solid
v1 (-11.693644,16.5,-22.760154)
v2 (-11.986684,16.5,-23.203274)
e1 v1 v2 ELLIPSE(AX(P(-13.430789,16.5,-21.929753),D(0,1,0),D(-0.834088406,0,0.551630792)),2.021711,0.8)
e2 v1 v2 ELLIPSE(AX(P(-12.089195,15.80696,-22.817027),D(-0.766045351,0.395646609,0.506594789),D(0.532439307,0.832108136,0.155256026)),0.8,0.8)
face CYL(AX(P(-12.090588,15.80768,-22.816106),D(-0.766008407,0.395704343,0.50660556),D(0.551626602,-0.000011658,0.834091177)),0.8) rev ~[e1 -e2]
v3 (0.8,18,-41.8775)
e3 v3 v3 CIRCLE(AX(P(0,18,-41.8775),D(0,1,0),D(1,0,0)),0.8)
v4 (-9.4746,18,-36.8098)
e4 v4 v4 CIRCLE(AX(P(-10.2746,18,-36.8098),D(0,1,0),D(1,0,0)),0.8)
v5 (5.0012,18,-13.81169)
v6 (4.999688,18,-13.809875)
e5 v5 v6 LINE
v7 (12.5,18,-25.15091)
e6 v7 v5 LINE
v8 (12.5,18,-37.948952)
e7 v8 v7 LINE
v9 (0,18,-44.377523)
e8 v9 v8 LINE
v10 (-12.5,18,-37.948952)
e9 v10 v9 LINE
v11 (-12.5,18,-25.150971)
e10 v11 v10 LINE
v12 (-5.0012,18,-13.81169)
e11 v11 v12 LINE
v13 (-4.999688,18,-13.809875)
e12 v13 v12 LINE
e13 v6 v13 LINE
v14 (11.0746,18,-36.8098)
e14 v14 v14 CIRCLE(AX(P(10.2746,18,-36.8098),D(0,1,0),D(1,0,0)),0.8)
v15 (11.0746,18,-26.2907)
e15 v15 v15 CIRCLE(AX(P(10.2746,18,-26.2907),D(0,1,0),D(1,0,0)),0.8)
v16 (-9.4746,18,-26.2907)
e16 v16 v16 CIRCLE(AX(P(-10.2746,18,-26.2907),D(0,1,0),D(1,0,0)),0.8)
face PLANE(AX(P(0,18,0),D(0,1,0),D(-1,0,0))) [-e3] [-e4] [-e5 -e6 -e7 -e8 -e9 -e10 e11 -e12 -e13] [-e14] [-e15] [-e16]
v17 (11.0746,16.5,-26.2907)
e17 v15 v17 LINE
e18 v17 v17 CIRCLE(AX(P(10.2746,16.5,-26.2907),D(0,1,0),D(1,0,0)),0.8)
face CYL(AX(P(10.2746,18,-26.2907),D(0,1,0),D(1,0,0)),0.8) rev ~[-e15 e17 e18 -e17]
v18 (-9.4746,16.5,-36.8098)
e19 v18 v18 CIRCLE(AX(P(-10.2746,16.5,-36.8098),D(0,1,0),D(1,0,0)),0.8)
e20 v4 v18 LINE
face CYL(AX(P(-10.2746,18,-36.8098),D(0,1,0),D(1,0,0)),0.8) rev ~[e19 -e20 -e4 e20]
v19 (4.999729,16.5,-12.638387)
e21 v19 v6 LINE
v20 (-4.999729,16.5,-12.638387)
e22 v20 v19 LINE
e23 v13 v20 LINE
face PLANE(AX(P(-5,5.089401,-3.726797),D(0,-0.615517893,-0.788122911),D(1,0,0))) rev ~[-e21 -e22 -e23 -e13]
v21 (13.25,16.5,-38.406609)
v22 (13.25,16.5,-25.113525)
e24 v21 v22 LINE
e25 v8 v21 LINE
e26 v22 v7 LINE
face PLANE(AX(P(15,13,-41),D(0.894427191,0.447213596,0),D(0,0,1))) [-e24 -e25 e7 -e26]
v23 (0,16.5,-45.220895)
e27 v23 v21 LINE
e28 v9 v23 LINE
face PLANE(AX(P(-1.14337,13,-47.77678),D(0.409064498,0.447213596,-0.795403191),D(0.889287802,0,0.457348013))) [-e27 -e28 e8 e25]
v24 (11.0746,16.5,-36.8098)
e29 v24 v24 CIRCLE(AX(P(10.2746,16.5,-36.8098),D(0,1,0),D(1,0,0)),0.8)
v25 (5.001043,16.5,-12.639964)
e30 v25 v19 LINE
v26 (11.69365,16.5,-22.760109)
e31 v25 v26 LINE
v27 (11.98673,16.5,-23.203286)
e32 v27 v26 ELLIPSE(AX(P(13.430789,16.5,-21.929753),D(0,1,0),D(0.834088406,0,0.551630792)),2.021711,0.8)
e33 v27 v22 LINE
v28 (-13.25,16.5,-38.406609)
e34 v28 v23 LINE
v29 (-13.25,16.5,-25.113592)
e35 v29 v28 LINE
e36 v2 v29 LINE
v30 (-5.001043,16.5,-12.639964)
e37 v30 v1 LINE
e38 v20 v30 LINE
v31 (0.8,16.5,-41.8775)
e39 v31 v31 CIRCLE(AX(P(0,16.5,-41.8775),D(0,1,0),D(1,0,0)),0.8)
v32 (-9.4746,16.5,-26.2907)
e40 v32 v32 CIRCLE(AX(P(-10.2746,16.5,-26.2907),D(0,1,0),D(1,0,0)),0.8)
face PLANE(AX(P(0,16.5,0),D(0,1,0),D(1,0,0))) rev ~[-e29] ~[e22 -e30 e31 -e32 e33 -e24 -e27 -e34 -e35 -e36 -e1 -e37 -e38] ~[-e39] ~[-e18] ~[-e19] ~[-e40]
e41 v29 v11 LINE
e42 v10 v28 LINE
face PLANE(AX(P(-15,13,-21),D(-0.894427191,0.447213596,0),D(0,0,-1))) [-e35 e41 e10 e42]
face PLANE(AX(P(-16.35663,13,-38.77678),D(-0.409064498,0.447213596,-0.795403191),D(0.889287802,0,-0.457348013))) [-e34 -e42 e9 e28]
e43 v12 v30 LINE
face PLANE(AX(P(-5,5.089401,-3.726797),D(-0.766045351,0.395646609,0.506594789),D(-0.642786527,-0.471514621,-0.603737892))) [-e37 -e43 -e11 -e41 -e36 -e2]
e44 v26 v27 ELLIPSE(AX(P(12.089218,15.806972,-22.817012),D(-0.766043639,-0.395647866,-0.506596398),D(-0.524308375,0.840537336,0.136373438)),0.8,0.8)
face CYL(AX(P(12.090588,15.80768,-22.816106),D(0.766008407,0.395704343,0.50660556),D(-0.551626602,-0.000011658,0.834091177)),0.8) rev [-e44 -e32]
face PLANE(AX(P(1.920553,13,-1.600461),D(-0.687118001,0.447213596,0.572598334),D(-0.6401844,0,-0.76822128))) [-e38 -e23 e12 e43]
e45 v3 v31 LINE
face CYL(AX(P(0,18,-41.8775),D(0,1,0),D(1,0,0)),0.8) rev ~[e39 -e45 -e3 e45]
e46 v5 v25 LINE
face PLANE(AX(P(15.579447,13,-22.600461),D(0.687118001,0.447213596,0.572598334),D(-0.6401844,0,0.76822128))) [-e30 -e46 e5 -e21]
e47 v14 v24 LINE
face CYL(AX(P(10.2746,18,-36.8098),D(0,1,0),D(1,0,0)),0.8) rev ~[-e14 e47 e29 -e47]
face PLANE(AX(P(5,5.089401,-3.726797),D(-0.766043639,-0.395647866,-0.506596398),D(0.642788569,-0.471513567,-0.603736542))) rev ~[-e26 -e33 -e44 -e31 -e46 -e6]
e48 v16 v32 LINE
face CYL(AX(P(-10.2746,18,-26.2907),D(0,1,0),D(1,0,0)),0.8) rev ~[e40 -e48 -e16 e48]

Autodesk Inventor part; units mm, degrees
sketch "スケッチ1" plane through (0, 0, 0) normal (0, 1, 0) x (-1, 0, 0)
  line L0 (-17.5, -21) -> (0, 0)
  line L1 (0, 0) -> (17.5, -21)
  line L2 (17.5, -21) -> (17.5, -41)
  line L3 (17.5, -41) -> (0, -50)
  line L4 (0, -50) -> (-17.5, -41)
  line L5 (-17.5, -41) -> (-17.5, -21)
  line L6 (0, -60) -> (0, 10) projected
  line L7 (24.5, 0) -> (-24.5, 0) projected
  dimension "d0" = 50
  dimension "d12" = 35
  dimension "d13" = 20
  dimension "d14" = 21
extrude "押し出し1" add sketch "スケッチ1" along normal blind 18
chamfer "面取り1" distance 5 distance2 10 6 edges at (8.75, 18, -10.5) (17.5, 18, -31) (8.75, 18, -45.5) (-8.75, 18, -45.5) (-17.5, 18, -31) (-8.75, 18, -10.5) measured on face at (0, 18, -30.6667)
extrude "押し出し2" add sketch "スケッチ1" against normal blind 5
ref_plane "作業平面1" through (0, 8, 0) normal (0, -0.7881, 0.6155) x (1, 0, 0)
sketch "スケッチ2" plane through (0, 8, 0) normal (0, -0.7881, 0.6155) x (1, 0, 0)
  line L0 (0, 0) -> (17.5, -16.5503) projected
  line L1 (-17.5, -16.5503) -> (0, 0) projected
  line L2 (-5, -4.7287) -> (-5, -4.7287)
  line L3 (-5, -4.7287) -> (5, -4.7287)
  line L4 (13.3346, -12.611) -> (5, -4.7287)
  line L5 (-5, -4.7287) -> (-23.6413, -26.9446)
  line L6 (5, -4.7287) -> (18.7173, -21.0763)
  line L7 (-23.6413, -26.9446) -> (-26.2109, -24.7885)
  line L8 (-26.2109, -24.7885) -> (-17.5, -16.5503)
  line L9 (17.5, -16.5503) -> (23.8178, -21.8516)
  line L10 (23.8178, -21.8516) -> (18.7173, -21.0763)
  point P0 (0, -4.9243)
  dimension "d9" = 10
  dimension "d25" = 130
  dimension "d26" = 130
extrude "押し出し3" cut sketch "スケッチ2" against normal through all
chamfer "面取り2" distance 2 distance2 8 6 edges at (-8.75, -5, -10.5) (-17.5, -5, -31) (-8.75, -5, -45.5) (8.75, -5, -45.5) (17.5, -5, -31) (8.75, -5, -10.5) measured on face at (0, -5, -30.6667)
sketch "スケッチ3" plane through (0, -5, 0) normal (0, -1, 0) x (1, 0, 0)
  line L0 (0, -3.1241) -> (15.5, -21.7241) projected
  line L1 (-15.5, -21.7241) -> (0, -3.1241) projected
  line L2 (-15.5, -39.7796) -> (-15.5, -21.7241) projected
  line L3 (0, -47.751) -> (-15.5, -39.7796) projected
  line L4 (15.5, -39.7796) -> (0, -47.751) projected
  line L5 (15.5, -21.7241) -> (15.5, -39.7796) projected
  point P0 (0, 0)
extrude "押し出し4" add sketch "スケッチ3" along normal blind 8
ref_plane "作業平面2" through (0, -5, -3.1241) normal (0, -0.977, 0.2132) x (-0.3818, -0.1971, -0.903)
sketch "スケッチ4" plane through (0, -5, -3.1241) normal (0, -0.977, 0.2132) x (-0.3818, -0.1971, -0.903)
  line L0 (80, -28.4848) -> (-10, -28.4848)
  line L1 (-10, -28.4848) -> (-10, 40)
  line L2 (-10, 40) -> (80, 40)
  line L3 (80, 40) -> (80, -28.4848)
  point P0 (-3.8064, -1.5725)
extrude "押し出し5" cut sketch "スケッチ4" along normal through all
ref_plane "作業平面3" through (-5, 8, -6) normal (0, 0, 1) x (1, 0, 0)
sketch "スケッチ5" plane through (-5, 8, -6) normal (0, 0, 1) x (1, 0, 0)
  line L0 (-30, 20) -> (40, 20)
  line L1 (40, 20) -> (40, -30)
  line L2 (40, -30) -> (-30, -30)
  line L3 (-30, -30) -> (-30, 20)
  point P0 (5, -8)
extrude "押し出し6" cut sketch "スケッチ5" along normal through all
sketch "スケッチ6" plane through (-5, 8, -6) normal (0, 0, 1) x (1, 0, 0)
  line L0 (0, 0) -> (10, 0) projected
  circle A0 centre (5, 0) radius 5
  line L1 (9.9497, -4.9497) -> (5, -7)
  line L2 (5, -7) -> (0.0503, -4.9497)
  line L3 (0.0503, -4.9497) -> (-2, 0)
  line L4 (-2, 0) -> (0.0503, 4.9497)
  line L5 (0.0503, 4.9497) -> (5, 7)
  line L6 (5, 7) -> (9.9497, 4.9497)
  line L7 (9.9497, 4.9497) -> (12, 0)
  line L8 (12, 0) -> (9.9497, -4.9497)
  point P0 (5, -8)
  dimension "d29" = 7
extrude "押し出し7" cut sketch "スケッチ6" against normal blind 8 contours A0 L0 | L0 A0 | L1 L2 L3 L4 L5 L6 L7 L8
sketch "スケッチ8" plane through (-5, 8, -14) normal (0, 0, 1) x (1, 0, 0)
  line L0 (5, 0) -> (-12.5, 0) projected
  circle A0 centre (5, 0) radius 4
  line L1 (5, 4) -> (5, -4)
  line L2 (5, -5) -> (5, 0) projected
  point P0 (5, -8)
  dimension "d32" = 8
revolve "回転1" add sketch "スケッチ8" angle 360 about axis through (0, 12, -14) along (0, -1, 0) contours L1 A0
sketch "スケッチ9" plane through (-15.5, -5, -21.7241) normal (-0.7453, -0.2425, 0.6211) x (0.6214, 0.0849, 0.7789)
  circle A0 centre (10.2962, 6.6564) radius 0.8
  circle A1 centre (12.0048, 1.9574) radius 0.8
  circle A2 centre (7.081, 2.8272) radius 0.8
  circle A3 centre (2.1573, 3.697) radius 0.8
  circle A4 centre (5.3724, 7.5262) radius 0.8
  line L0 (2.1573, 3.697) -> (7.081, 2.8272) construction
  line L1 (7.081, 2.8272) -> (12.0048, 1.9574) construction
  line L2 (12.0048, 1.9574) -> (7.081, 2.8272)
  line L3 (5.3724, 7.5262) -> (10.2962, 6.6564) construction
  line L4 (10.2962, 6.6564) -> (9.5429, 2.3923) construction
  line L5 (5.3724, 7.5262) -> (4.6191, 3.2621) construction
  line L6 (10.2962, 6.6564) -> (12.0048, 1.9574) construction
  line L7 (12.0048, 1.9574) -> (11.7379, 0.4469) construction
  line L8 (12.0048, 1.9574) -> (13.2927, 2.4257) construction
  line L9 (20.3897, -1.7904) -> (19.4508, 6.57) projected
  line L10 (0, 0) -> (20.3897, -1.7904) projected
  point P0 (26.9765, 2.9875)
  dimension "d34" = 1.6
  dimension "d35" = 5
  dimension "d36" = 5
  dimension "d37" = 7.9143
  dimension "d38" = 3
extrude "押し出し8" cut sketch "スケッチ9" against normal blind 5
sketch "スケッチ10" plane through (-12.5, 18, -25.1515) normal (-0.766, 0.3957, 0.5066) x (0.5516, 0, 0.8341)
  circle A0 centre (2.1738, -2.388) radius 0.8 projected
  circle A1 centre (0.2082, -6.8935) radius 0.8 projected
  point P0 (27.8741, -17.8951)
extrude "押し出し9" cut sketch "スケッチ10" against normal blind 5
mirror "ミラー1" about plane through (0, 0, 0) normal (1, 0, 0) of "押し出し8", "押し出し9"
sketch "スケッチ11" plane through (0, -5, -3.1241) normal (0, -0.977, 0.2132) x (0.9242, -0.0814, -0.373)
  line L0 (3.339, -1.8055) -> (-1.091, -3.6357) projected
  line L1 (-7.0564, -23.5137) -> (-1.091, -3.6357) projected
  line L2 (0, -40.594) -> (-7.0564, -23.5137) projected
  line L3 (28.6512, -28.7573) -> (0, -40.594) projected
  line L4 (21.5948, -11.677) -> (28.6512, -28.7573) projected
  line L5 (3.339, -1.8055) -> (21.5948, -11.677) projected
  line L6 (0, -40.594) -> (21.5948, -11.677)
  line L7 (-7.0564, -23.5137) -> (28.6512, -28.7573)
  circle A0 centre (10.7974, -26.1355) radius 4.25
  point P0 (-1.5725, 3.8064)
  dimension "d43" = 8.5
ref_plane "作業平面4" through (0, -10.0527, -30.9651) normal (0, -0.977, 0.2132) x (1, 0, 0)
ref_plane "作業平面5" through (0, 16.5, 0) normal (0, 1, 0) x (1, 0, 0)
sketch "スケッチ15" plane through (0, 16.5, 0) normal (0, 1, 0) x (1, 0, 0)
  line L0 (-40, 60) -> (40, 60)
  line L1 (40, 60) -> (40, 0)
  line L2 (40, 0) -> (-40, 0)
  line L3 (-40, 0) -> (-40, 60)
  point P0 (0, 0)
extrude "押し出し15" cut sketch "スケッチ15" against normal through all
sketch "スケッチ16" plane through (0, 18, 0) normal (0, 1, 0) x (1, 0, 0)
  circle A0 centre (0, 41.8775) radius 0.8
  line L0 (-12.5, 37.949) -> (0, 44.3775) projected
  line L1 (-12.5, 25.1515) -> (-12.5, 37.949) projected
  line L2 (0, 44.3775) -> (12.5, 37.949) projected
  circle A1 centre (-10.2746, 36.8098) radius 0.8
  circle A2 centre (-10.2746, 26.2907) radius 0.8
  circle A3 centre (10.2746, 36.8098) radius 0.8
  circle A4 centre (10.2746, 26.2907) radius 0.8
  line L3 (0, 44.3775) -> (0, 41.0775) construction
  line L4 (12.5, 37.949) -> (9.5625, 36.4453) construction
  line L5 (-9.5625, 26.6552) -> (-12.5, 25.1515) construction
  line L6 (-12.5, 37.949) -> (-9.5625, 36.4453) construction
  line L7 (9.5625, 26.6552) -> (12.5, 25.1515) construction
  point P0 (0, 0)
  dimension "d65" = 1.6
  dimension "d66" = 1.6
  dimension "d67" = 1.6
  dimension "d68" = 1.6
  dimension "d69" = 1.6
  dimension "d70" = 2.5
extrude "押し出し16" cut sketch "スケッチ16" against normal through all
properties part number "head_bace_div_upper"
